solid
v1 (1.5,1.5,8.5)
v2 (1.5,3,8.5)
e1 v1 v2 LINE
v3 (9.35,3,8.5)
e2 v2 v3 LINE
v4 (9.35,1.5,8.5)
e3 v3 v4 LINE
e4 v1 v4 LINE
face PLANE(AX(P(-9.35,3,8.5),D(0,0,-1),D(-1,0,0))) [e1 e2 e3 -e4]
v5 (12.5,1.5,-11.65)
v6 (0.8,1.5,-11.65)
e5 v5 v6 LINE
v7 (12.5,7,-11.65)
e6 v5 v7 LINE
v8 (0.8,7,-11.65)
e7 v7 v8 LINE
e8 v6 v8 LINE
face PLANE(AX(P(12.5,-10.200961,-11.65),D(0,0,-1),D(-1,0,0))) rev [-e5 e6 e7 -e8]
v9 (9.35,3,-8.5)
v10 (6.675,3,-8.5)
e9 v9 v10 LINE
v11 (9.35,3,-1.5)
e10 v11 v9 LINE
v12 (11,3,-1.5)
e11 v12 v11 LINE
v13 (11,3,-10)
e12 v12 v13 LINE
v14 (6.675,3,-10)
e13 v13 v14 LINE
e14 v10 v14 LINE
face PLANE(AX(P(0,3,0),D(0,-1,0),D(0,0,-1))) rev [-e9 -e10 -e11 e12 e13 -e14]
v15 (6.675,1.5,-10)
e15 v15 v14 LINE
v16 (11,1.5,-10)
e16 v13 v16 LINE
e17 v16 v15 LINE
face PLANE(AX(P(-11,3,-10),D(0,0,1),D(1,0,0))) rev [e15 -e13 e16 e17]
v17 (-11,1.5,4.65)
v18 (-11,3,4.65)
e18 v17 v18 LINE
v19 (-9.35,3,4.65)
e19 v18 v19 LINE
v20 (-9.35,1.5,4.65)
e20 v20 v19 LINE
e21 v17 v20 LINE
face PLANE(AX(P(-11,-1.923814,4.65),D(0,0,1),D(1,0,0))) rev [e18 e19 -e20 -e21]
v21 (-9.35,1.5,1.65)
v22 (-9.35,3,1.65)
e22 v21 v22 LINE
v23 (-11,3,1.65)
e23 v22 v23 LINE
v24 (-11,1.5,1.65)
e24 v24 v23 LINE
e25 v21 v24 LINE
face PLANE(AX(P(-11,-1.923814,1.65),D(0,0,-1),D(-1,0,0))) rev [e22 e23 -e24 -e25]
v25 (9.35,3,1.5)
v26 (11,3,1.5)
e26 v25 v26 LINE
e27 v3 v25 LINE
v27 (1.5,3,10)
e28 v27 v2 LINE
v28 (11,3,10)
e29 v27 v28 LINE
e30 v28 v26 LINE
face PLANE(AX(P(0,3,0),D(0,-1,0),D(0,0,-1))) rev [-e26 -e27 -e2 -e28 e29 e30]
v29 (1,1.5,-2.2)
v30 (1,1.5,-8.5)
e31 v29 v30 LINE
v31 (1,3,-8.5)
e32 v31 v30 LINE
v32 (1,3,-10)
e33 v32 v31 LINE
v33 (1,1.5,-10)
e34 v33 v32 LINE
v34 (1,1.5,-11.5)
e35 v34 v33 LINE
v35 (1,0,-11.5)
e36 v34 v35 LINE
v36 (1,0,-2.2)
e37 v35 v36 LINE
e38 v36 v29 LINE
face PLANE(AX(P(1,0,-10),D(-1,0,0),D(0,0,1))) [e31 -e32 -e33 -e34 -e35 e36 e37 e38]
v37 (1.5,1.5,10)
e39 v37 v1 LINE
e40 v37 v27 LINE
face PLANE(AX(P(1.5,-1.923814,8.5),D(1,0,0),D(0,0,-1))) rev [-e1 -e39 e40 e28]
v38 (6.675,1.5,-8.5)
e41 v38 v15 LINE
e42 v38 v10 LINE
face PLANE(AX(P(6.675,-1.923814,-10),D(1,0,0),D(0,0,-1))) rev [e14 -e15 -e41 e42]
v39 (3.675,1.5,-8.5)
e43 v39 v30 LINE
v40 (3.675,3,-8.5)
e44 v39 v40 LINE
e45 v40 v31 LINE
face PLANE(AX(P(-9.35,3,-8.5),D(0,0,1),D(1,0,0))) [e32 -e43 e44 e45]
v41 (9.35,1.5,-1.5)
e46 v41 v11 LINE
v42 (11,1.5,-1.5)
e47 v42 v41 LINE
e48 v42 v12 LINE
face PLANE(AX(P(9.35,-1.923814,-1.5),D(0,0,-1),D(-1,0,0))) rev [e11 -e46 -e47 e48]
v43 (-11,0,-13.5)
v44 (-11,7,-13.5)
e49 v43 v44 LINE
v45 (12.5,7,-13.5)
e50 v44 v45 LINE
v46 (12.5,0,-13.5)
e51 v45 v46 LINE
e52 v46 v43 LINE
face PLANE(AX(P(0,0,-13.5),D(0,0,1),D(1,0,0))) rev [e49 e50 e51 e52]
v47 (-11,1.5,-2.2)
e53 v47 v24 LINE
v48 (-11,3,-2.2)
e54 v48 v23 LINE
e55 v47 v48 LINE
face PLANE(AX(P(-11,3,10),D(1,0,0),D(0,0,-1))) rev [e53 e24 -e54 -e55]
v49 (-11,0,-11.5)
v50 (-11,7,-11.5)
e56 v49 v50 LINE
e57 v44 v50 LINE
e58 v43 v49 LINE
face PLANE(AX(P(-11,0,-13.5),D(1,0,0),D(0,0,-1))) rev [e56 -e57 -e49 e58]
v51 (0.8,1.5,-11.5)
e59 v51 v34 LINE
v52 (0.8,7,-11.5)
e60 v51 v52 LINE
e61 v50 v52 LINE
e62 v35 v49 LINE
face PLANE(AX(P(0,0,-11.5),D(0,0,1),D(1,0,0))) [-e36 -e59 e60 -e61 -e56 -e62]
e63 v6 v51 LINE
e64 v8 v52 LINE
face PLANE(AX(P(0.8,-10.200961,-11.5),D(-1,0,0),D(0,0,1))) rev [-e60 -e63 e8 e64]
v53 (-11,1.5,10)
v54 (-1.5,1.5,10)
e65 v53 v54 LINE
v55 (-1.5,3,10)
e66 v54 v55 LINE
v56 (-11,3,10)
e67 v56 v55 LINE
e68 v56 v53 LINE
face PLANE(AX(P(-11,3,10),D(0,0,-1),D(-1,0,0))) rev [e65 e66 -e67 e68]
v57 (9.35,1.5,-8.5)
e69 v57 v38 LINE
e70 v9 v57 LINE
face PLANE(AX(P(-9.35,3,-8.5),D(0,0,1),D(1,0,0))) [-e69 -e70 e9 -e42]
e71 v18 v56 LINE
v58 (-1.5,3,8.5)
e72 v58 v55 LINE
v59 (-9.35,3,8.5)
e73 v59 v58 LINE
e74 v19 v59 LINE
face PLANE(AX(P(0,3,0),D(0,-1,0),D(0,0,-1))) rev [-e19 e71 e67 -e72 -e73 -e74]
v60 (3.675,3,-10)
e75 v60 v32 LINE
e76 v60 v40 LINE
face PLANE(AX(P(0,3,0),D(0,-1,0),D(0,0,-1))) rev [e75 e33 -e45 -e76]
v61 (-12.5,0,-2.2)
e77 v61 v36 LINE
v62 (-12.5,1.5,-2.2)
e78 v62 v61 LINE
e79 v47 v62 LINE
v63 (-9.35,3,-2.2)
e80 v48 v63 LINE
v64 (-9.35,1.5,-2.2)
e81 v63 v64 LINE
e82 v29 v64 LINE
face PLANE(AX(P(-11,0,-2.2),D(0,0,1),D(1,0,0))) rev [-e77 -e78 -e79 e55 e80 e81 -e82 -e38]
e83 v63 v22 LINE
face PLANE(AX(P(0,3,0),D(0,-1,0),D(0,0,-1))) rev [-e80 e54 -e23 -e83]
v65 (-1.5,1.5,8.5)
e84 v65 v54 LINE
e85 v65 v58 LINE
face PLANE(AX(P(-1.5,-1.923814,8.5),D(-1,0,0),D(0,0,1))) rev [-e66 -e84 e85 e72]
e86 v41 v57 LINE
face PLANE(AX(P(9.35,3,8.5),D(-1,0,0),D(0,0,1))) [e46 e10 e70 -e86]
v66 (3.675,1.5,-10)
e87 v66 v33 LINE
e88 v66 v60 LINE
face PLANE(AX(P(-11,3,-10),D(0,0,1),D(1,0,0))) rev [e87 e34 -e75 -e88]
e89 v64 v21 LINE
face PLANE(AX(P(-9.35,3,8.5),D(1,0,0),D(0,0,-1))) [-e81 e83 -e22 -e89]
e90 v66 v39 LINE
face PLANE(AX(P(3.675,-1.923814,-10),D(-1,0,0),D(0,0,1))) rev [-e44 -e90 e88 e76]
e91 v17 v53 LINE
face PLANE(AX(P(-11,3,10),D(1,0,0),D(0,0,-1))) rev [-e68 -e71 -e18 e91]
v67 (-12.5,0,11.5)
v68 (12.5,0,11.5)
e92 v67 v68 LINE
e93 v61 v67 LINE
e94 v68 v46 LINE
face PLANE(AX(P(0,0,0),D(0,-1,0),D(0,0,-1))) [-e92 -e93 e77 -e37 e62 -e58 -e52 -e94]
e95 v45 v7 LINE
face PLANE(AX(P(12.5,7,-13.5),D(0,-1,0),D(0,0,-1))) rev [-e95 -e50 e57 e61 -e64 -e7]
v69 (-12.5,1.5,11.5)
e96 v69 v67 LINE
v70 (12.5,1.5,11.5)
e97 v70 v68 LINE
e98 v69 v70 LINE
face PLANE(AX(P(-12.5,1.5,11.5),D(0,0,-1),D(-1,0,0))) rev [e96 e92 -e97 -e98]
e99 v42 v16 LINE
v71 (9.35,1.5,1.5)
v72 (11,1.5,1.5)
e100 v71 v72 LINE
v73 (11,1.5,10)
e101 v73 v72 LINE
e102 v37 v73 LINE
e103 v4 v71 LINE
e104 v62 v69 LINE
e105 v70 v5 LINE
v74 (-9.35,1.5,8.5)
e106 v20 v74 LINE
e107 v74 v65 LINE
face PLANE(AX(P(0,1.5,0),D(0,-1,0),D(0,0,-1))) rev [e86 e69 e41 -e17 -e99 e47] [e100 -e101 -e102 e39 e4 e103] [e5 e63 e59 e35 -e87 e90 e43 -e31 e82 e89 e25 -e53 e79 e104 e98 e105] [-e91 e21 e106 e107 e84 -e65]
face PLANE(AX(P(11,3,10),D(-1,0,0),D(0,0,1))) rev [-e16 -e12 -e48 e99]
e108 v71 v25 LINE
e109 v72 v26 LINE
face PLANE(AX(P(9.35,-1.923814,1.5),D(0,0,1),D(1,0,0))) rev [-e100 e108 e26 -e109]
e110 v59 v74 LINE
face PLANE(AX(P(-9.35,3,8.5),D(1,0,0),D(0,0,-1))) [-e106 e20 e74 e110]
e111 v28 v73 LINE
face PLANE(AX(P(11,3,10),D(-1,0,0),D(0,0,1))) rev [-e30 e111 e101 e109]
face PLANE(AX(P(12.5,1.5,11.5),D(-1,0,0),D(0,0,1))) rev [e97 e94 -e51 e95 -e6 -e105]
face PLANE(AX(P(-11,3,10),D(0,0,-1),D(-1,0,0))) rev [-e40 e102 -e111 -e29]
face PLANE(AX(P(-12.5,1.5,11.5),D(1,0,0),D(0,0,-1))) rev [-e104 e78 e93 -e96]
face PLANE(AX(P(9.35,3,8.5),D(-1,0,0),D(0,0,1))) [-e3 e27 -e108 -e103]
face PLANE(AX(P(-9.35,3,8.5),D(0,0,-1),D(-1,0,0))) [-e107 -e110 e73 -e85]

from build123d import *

# Parameters (mm, degrees)
SKETCH1_W               = 25
SKETCH1_H               = 23
BOSS_EXTRUDE1_DEPTH     = 1.5
SKETCH2_W               = 22
SKETCH2_H               = 20
SKETCH2_W_2             = 18.7
SKETCH2_H_2             = 17
BOSS_EXTRUDE2_DEPTH     = 1.5
SKETCH4_W               = 12
SKETCH4_H               = 7.8
CUT_EXTRUDE2_DEPTH      = 2.5
CUT_EXTRUDE2_DEPTH_BACK = 2.5
SKETCH5_W               = 13.5
SKETCH5_H               = 9.3
CUT_EXTRUDE3_DEPTH      = 4
SKETCH6_W               = 1.65
SKETCH6_H               = 3
SKETCH6_W_2             = 3
SKETCH6_H_2             = 1.5
CUT_EXTRUDE4_DEPTH      = 1.5
SKETCH7_W               = 23.5
SKETCH7_H               = 7
BOSS_EXTRUDE3_DEPTH     = 2
SKETCH8_W               = 11.7
SKETCH8_H               = 0.15
CUT_EXTRUDE5_DEPTH      = 5.5


with BuildPart() as part:
    # Sketch1 → Boss-Extrude1 (new body)
    with BuildSketch(Plane(origin=(0, 0, 0), x_dir=(1, 0, 0), z_dir=(0, 1, 0))):
        Rectangle(SKETCH1_W, SKETCH1_H)
    extrude(amount=BOSS_EXTRUDE1_DEPTH)

    # Sketch2 → Boss-Extrude2 (add)
    with BuildSketch(Plane(origin=(0, 1.5, 0), x_dir=(1, 0, 0), z_dir=(0, 1, 0))):
        Rectangle(SKETCH2_W, SKETCH2_H)
        Rectangle(SKETCH2_W_2, SKETCH2_H_2, mode=Mode.SUBTRACT)
    extrude(amount=BOSS_EXTRUDE2_DEPTH)

    # Sketch4 → Cut-Extrude2 (cut, two sides)
    with BuildSketch(Plane(origin=(0, 1.5, 0), x_dir=(1, 0, 0), z_dir=(0, 1, 0))) as cut_extrude2_sk:
        with Locations((-5, 6.1)):
            Rectangle(SKETCH4_W, SKETCH4_H)
    extrude(amount=CUT_EXTRUDE2_DEPTH, mode=Mode.SUBTRACT)
    extrude(cut_extrude2_sk.sketch, amount=-CUT_EXTRUDE2_DEPTH_BACK, mode=Mode.SUBTRACT)

    # Sketch5 → Cut-Extrude3 (cut, through all)
    with BuildSketch(Plane.XZ):
        with Locations((-5.75, -6.85)):
            Rectangle(SKETCH5_W, SKETCH5_H)
    extrude(amount=-CUT_EXTRUDE3_DEPTH, mode=Mode.SUBTRACT)

    # Sketch6 → Cut-Extrude4 (cut)
    with BuildSketch(Plane(origin=(0, 3, 0), x_dir=(1, 0, 0), z_dir=(0, 1, 0))):
        with Locations((-10.175, -3.15)):
            Rectangle(SKETCH6_W, SKETCH6_H)
        with Locations((0, -9.25)):
            Rectangle(SKETCH6_W_2, SKETCH6_H_2)
        with Locations((10.175, 0)):
            Rectangle(SKETCH6_W, SKETCH6_H)
        with Locations((5.175, 9.25)):
            Rectangle(SKETCH6_W_2, SKETCH6_H_2)
    extrude(amount=-CUT_EXTRUDE4_DEPTH, mode=Mode.SUBTRACT)

    # Sketch7 → Boss-Extrude3 (add)
    with BuildSketch(Plane(origin=(0, 0, -11.5), x_dir=(-1, 0, 0), z_dir=(0, 0, -1))):
        with Locations((-0.75, 3.5)):
            Rectangle(SKETCH7_W, SKETCH7_H)
    extrude(amount=BOSS_EXTRUDE3_DEPTH)

    # Sketch8 → Cut-Extrude5 (cut)
    with BuildSketch(Plane(origin=(0, 7, 0), x_dir=(1, 0, 0), z_dir=(0, 1, 0))):
        with Locations((6.65, 11.575)):
            Rectangle(SKETCH8_W, SKETCH8_H)
    extrude(amount=-CUT_EXTRUDE5_DEPTH, mode=Mode.SUBTRACT)


solid = part.part
